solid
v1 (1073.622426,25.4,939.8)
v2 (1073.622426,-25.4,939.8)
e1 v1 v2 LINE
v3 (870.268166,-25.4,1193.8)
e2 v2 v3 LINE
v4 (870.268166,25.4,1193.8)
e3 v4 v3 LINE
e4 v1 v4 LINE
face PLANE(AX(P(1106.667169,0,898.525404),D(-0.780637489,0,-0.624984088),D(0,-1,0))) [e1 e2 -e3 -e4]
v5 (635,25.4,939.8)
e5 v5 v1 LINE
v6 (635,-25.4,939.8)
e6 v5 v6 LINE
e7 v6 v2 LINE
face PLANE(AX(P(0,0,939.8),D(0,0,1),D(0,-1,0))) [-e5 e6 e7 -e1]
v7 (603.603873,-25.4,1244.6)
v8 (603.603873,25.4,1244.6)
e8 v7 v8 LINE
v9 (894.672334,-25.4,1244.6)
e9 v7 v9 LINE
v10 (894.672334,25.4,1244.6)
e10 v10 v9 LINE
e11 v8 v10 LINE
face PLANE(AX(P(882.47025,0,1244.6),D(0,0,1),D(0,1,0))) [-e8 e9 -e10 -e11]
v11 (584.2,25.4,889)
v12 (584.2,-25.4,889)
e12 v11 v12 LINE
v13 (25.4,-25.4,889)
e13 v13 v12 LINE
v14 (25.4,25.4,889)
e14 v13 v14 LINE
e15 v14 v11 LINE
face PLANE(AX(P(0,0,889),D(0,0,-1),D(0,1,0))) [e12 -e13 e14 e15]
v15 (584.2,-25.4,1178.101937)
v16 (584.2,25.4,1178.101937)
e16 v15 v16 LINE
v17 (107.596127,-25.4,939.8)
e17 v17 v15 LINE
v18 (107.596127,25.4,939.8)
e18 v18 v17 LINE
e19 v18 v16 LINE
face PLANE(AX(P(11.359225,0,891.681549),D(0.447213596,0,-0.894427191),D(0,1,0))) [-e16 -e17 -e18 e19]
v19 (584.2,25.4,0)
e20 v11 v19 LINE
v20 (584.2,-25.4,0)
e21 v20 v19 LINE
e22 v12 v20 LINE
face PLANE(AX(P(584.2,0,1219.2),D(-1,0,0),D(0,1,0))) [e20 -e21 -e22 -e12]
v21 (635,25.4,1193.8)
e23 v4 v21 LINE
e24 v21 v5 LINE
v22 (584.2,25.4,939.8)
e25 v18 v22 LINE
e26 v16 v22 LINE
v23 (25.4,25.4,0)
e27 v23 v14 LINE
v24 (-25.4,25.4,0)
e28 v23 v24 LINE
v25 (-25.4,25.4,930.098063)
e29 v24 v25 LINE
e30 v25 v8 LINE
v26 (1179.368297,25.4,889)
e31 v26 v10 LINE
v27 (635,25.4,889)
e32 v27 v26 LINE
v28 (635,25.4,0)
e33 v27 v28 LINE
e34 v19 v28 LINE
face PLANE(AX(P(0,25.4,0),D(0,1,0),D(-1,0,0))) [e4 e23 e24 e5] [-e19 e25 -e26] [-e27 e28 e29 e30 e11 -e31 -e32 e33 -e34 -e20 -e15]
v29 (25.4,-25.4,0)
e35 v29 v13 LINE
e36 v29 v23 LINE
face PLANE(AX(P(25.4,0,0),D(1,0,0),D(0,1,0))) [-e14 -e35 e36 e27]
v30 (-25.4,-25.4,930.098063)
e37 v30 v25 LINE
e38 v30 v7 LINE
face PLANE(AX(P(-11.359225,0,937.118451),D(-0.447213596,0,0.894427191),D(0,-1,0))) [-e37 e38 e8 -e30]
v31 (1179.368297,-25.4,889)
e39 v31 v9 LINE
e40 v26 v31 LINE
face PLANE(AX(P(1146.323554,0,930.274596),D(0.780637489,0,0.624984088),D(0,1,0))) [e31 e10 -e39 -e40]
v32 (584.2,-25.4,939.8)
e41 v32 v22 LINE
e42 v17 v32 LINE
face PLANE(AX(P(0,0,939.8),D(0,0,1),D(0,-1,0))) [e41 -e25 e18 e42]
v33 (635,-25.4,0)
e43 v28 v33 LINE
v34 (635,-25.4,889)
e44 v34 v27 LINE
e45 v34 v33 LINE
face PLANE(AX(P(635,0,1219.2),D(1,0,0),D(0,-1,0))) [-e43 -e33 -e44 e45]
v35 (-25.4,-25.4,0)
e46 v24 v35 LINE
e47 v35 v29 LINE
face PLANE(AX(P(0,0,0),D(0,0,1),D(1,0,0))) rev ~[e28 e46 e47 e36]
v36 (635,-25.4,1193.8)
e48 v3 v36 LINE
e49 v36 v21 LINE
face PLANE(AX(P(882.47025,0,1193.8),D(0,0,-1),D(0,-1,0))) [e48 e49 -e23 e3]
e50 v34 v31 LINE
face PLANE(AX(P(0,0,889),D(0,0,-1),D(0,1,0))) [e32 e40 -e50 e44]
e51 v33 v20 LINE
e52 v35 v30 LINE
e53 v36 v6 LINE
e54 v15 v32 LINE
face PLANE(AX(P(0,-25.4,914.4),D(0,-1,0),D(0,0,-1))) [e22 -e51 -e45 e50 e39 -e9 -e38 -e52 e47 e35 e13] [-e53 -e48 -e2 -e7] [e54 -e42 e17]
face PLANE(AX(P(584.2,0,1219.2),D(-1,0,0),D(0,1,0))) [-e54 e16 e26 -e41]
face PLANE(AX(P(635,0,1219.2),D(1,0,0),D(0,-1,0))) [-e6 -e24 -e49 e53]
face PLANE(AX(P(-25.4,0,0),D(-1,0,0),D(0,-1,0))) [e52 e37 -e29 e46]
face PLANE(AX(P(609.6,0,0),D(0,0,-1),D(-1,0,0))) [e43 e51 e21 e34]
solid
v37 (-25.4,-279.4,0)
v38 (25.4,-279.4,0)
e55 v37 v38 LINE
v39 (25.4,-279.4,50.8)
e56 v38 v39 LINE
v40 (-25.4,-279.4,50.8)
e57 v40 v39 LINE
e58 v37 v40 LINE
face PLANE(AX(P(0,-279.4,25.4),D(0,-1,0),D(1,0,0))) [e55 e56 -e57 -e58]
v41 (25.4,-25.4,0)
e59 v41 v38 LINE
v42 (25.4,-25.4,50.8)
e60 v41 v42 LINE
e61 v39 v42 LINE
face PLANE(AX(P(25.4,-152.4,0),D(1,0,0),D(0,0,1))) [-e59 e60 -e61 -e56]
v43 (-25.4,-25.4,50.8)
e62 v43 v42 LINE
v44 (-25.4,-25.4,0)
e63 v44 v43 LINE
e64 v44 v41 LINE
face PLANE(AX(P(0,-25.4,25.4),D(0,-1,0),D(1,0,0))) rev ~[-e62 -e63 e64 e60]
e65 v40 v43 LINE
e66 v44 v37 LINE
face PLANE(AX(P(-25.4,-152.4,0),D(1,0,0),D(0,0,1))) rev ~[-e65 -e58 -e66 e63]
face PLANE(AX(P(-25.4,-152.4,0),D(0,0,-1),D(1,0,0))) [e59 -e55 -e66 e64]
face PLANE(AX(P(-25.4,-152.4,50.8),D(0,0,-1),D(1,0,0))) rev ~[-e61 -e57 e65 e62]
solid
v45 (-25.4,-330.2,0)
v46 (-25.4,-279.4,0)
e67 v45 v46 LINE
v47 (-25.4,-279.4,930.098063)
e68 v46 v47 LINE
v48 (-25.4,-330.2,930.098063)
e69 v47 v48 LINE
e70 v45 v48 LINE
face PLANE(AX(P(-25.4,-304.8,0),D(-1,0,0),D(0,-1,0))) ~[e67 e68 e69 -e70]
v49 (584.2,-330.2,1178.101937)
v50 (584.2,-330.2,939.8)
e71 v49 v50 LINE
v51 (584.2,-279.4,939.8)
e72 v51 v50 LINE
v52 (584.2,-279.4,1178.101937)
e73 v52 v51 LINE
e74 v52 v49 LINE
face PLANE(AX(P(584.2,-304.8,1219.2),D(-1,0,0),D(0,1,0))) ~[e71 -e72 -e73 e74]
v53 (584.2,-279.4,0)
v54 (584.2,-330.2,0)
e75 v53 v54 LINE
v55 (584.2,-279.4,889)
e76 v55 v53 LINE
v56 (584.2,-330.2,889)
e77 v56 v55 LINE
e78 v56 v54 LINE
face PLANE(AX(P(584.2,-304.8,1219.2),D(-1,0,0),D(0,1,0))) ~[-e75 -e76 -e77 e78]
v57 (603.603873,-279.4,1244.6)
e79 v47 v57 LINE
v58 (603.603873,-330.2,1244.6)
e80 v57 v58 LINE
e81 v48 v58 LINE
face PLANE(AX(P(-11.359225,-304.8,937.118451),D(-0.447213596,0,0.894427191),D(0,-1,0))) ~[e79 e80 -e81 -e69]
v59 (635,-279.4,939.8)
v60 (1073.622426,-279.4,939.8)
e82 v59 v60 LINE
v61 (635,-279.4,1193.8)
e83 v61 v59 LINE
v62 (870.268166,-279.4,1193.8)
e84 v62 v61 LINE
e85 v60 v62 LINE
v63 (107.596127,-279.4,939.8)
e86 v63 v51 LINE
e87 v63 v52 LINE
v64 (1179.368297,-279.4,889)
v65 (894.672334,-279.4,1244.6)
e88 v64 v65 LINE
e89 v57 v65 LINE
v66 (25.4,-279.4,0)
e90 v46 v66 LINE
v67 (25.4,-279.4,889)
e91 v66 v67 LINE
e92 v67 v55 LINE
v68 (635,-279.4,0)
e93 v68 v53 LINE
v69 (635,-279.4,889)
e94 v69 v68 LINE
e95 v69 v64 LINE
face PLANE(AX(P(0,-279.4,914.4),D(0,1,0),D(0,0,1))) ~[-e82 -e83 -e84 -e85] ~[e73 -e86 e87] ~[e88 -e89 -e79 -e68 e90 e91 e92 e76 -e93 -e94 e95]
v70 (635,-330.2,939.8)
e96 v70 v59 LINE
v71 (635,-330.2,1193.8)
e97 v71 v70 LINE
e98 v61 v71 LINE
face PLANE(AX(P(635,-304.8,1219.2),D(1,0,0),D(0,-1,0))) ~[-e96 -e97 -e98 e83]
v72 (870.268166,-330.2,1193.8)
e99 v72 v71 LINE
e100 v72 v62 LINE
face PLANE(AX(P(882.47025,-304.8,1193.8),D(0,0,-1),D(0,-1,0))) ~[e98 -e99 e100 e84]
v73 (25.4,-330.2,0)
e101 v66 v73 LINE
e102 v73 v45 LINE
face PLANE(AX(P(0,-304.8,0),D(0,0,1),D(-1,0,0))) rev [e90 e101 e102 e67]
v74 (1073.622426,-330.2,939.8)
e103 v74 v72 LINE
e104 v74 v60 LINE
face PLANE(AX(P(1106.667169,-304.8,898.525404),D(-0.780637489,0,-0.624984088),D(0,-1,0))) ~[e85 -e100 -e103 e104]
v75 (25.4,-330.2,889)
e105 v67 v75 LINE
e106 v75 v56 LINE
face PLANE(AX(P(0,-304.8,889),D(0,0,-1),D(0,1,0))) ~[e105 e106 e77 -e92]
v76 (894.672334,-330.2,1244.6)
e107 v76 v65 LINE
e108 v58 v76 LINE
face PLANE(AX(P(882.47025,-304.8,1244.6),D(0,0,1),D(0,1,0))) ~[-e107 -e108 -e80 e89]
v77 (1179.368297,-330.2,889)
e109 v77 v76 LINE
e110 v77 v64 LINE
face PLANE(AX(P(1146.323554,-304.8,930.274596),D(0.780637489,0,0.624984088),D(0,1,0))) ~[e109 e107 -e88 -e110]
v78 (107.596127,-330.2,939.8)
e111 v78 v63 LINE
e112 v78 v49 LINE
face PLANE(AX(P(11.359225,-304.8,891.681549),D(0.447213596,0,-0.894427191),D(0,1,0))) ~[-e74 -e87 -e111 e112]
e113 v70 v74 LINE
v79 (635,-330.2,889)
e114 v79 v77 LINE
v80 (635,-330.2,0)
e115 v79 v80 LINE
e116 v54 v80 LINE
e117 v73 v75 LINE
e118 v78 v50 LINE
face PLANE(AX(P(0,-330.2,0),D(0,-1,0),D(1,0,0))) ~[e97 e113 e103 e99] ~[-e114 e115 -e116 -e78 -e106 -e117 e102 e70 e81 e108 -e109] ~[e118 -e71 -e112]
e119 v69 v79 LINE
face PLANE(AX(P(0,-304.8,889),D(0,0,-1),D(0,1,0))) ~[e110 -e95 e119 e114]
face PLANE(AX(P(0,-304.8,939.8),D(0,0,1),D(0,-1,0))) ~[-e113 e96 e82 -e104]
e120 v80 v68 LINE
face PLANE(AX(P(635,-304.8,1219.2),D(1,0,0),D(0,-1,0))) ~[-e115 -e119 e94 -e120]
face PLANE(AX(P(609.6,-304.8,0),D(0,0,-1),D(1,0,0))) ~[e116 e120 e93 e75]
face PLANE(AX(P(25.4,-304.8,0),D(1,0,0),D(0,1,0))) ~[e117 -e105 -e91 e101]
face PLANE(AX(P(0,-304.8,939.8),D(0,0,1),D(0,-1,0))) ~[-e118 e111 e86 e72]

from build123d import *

# Parameters (mm, degrees)
F1_W           = 50.8
F1_H           = 50.8
F3_W           = 50.8
F3_H           = 50.8
F6_DEPTH       = 25.401
F6_DEPTH_BACK  = 25.401
F9_W           = 50.8
F9_H           = 50.8
F10_DEPTH      = 127
F10_DEPTH_BACK = 127


with BuildPart() as f2:
    # F2: sweep along a path in F0
    with BuildLine(Plane.XZ) as f2_path:
        Line((0, 0), (0, 914.4))
        Line((0, 914.4), (609.6, 1219.2))
        Line((609.6, 1219.2), (609.6, 0))
    # F1 (on Top) → F2 (sweep)
    with BuildSketch(Plane.XY):
        Rectangle(F1_W, F1_H)
    sweep(path=f2_path.line, transition=Transition.RIGHT)

    # F4: sweep along a path in F0
    with BuildLine(Plane.XZ) as f4_path:
        Line((0, 914.4), (609.6, 914.4))
        Line((609.6, 914.4), (1126.4953613281, 914.4))
        Line((1126.4953613281, 914.4), (882.4702501297, 1219.2))
        Line((882.4702501297, 1219.2), (609.6, 1219.2))
    # F3 (on Right) → F4 (sweep)
    with BuildSketch(Plane.YZ):
        with Locations((0, 914.4)):
            Rectangle(F3_W, F3_H)
    sweep(path=f4_path.line, transition=Transition.RIGHT)

    # F5 (on Front) → F6 (cut, two sides)
    with BuildSketch(Plane.XZ) as f6_sk:
        Polygon((603.6038733715, 1244.6), (635, 1244.6), (635, 1260.2980633142), align=None)
    extrude(amount=-F6_DEPTH, mode=Mode.SUBTRACT)
    extrude(f6_sk.sketch, amount=F6_DEPTH_BACK, mode=Mode.SUBTRACT)


with BuildPart() as f8_1:
    # F8: instance of F2
    add(f2.part.mirror(Plane.XZ.offset(152.4)))


with BuildPart() as f10:
    # F9 (on offset) → F10 (new body, two sides)
    with BuildSketch(Plane.XZ.offset(152.4)) as f10_sk:
        with Locations((0, 25.4)):
            Rectangle(F9_W, F9_H)
    extrude(amount=F10_DEPTH)
    extrude(f10_sk.sketch, amount=-F10_DEPTH_BACK)


solid = Compound([f2.part, f8_1.part, f10.part])
